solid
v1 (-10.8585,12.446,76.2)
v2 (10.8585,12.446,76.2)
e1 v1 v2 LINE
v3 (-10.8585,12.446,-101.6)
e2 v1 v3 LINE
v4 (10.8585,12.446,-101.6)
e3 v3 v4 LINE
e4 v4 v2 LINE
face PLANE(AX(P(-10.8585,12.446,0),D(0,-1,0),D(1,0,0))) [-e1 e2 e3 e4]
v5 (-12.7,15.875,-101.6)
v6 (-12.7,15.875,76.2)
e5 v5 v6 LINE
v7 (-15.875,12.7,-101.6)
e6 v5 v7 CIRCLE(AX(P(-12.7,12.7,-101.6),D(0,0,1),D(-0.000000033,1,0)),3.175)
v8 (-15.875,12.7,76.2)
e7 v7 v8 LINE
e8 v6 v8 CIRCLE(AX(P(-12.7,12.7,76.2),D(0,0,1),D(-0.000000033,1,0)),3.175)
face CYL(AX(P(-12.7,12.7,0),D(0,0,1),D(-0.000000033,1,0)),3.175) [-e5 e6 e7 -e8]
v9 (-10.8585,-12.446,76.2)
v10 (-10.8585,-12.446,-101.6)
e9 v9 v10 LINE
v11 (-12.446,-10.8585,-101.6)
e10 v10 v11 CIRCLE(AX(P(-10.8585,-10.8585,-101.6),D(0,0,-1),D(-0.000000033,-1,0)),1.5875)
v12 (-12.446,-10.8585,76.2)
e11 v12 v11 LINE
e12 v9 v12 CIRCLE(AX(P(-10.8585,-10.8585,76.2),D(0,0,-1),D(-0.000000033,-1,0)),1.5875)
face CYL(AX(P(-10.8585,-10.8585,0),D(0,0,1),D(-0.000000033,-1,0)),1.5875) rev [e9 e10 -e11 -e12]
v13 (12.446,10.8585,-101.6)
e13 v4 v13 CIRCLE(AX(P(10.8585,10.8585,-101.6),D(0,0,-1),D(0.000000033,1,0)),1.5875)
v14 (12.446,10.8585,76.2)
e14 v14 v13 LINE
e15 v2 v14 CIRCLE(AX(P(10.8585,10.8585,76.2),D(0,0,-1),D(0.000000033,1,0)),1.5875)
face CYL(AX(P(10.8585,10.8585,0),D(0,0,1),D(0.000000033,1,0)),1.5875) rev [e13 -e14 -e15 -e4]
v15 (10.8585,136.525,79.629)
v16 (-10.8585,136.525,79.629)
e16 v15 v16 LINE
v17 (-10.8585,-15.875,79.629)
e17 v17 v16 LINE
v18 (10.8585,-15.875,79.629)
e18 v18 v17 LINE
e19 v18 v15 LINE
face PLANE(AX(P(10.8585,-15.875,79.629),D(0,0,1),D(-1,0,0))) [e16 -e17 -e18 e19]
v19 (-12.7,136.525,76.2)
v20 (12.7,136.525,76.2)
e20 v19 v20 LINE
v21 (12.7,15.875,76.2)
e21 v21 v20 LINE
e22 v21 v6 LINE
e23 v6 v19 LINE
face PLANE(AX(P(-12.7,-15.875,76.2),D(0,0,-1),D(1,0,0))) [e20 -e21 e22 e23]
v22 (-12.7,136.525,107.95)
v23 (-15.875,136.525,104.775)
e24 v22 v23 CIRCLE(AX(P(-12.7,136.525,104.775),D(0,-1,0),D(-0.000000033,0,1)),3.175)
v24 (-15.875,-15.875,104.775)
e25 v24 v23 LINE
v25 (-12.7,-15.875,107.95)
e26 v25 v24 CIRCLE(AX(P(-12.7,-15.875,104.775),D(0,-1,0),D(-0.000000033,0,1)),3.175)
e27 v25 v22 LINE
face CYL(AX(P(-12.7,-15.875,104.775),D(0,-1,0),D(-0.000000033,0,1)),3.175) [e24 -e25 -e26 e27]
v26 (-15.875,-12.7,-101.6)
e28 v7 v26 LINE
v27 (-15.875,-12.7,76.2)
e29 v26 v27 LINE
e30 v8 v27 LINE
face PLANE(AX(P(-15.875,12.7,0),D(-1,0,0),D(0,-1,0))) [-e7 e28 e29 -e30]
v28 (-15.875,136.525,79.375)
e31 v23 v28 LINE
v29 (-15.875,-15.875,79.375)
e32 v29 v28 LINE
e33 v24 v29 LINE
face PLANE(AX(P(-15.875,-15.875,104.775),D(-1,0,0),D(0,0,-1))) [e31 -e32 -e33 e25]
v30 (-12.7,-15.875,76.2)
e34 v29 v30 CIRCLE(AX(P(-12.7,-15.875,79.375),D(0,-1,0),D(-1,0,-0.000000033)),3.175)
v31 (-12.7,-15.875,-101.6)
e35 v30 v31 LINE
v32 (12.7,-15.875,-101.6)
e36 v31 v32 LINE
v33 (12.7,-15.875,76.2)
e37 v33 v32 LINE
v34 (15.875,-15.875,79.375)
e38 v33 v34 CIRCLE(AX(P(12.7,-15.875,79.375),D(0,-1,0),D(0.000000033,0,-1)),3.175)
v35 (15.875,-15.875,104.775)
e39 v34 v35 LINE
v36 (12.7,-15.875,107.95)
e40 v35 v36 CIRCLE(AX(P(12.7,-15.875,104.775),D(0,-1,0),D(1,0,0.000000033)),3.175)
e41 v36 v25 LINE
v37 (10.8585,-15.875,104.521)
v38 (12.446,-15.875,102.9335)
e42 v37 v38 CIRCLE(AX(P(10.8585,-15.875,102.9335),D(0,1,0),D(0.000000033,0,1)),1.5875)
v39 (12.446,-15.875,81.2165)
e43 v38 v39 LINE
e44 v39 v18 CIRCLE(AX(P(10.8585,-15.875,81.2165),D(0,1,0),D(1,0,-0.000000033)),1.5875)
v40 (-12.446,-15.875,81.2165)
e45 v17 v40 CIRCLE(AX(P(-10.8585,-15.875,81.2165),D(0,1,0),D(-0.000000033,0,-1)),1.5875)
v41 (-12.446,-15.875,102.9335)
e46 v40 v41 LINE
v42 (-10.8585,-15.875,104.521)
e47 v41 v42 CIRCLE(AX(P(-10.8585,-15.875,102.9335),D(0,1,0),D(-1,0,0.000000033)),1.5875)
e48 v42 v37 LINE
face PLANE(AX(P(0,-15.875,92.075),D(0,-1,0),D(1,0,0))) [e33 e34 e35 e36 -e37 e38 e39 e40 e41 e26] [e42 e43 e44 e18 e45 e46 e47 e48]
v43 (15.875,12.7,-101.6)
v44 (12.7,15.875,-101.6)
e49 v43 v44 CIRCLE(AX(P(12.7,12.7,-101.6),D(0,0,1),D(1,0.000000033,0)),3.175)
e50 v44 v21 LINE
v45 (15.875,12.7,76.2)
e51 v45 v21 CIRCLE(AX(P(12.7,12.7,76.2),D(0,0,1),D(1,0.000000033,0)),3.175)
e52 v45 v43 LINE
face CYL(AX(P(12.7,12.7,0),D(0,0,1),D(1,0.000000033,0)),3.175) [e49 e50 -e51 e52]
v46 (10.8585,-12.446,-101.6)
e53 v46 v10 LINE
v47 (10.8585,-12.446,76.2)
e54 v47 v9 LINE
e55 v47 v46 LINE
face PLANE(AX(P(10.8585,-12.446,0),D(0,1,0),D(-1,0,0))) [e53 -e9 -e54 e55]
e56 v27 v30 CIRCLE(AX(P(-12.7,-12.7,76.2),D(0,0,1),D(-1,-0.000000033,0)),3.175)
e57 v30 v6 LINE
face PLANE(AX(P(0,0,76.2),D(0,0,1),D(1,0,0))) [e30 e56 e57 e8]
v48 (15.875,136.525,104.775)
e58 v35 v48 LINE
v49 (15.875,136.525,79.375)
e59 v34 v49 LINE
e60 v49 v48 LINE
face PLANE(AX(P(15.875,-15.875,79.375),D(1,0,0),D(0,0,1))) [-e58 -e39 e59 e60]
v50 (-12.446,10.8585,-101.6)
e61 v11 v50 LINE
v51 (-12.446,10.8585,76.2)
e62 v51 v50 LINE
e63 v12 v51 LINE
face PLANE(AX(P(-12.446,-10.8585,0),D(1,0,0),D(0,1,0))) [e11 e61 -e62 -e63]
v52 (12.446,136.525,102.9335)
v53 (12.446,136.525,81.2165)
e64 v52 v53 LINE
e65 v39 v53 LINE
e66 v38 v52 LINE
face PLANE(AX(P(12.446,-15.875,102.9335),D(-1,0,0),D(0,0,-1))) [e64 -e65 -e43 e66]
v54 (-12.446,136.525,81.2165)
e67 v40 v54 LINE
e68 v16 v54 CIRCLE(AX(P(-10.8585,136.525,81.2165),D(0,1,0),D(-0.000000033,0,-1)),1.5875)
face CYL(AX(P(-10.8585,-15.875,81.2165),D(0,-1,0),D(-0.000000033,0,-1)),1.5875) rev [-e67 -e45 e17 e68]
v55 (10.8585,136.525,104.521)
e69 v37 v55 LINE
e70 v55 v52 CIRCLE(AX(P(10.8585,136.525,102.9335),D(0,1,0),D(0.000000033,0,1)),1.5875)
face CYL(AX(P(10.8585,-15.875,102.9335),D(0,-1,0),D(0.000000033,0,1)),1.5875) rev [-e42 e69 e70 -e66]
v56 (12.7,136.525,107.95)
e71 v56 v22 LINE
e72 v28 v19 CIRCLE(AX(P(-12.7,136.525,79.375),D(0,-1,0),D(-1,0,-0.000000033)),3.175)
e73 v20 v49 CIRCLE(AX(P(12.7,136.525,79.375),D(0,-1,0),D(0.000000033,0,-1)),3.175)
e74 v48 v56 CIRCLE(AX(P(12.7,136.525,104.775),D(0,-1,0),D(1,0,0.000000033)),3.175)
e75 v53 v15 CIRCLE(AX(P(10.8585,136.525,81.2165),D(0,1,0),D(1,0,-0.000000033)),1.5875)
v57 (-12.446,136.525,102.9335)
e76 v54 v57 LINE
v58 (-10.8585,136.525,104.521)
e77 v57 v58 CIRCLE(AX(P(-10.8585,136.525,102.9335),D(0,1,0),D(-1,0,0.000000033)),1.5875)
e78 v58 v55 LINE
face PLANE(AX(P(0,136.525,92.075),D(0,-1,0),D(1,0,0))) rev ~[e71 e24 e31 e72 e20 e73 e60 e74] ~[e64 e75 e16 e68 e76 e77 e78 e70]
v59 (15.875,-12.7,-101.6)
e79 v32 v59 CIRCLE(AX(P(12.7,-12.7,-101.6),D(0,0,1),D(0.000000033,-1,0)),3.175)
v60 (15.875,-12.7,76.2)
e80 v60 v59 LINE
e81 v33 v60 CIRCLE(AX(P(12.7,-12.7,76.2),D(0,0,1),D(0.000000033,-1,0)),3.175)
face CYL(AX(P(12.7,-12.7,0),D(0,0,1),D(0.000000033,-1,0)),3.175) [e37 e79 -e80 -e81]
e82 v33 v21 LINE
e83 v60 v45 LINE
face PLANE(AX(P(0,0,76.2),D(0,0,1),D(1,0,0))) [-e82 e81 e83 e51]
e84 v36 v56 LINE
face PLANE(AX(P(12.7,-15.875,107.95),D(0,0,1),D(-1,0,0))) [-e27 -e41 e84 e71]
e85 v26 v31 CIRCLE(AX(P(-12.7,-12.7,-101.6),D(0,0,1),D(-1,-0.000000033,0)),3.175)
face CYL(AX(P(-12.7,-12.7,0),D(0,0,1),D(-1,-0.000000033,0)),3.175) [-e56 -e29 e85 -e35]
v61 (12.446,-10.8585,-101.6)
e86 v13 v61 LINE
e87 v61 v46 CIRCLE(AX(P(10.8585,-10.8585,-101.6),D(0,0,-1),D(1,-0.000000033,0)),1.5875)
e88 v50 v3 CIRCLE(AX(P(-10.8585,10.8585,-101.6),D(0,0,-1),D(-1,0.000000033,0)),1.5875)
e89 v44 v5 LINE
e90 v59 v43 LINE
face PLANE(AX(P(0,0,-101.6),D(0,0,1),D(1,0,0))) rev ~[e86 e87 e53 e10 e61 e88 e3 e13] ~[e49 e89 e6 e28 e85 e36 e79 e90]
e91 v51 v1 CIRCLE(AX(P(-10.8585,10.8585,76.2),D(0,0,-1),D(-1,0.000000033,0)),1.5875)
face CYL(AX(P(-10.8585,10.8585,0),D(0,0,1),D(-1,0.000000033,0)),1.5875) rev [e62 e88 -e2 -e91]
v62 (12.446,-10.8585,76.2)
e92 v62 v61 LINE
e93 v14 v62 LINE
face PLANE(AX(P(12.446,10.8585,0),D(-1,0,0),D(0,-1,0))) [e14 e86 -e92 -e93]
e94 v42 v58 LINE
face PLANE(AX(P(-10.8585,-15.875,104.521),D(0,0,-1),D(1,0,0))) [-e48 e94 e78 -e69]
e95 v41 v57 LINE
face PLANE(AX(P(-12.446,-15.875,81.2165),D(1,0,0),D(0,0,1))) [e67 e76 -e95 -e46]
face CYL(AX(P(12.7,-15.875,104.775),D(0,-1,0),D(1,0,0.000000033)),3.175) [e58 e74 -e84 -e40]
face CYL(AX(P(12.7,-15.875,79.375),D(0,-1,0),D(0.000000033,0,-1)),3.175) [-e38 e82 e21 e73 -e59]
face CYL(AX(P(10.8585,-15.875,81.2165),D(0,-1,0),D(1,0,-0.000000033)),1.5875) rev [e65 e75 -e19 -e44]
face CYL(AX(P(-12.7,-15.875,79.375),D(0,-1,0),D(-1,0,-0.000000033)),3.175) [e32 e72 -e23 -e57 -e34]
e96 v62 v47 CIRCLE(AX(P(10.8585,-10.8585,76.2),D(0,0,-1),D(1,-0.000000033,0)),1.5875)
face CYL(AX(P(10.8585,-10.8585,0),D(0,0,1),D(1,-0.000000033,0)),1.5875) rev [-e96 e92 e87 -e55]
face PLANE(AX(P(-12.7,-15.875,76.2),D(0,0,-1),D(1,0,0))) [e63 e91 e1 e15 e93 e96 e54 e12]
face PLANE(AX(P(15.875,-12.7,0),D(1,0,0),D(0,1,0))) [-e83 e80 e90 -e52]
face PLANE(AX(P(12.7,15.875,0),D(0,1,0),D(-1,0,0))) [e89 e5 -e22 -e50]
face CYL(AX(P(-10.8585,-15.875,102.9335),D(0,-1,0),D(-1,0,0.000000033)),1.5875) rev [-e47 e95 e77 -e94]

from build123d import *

# Parameters (mm, degrees)
F1_DEPTH      = 76.2
F1_DEPTH_BACK = 101.6
F3_DEPTH      = 152.4


with BuildPart() as f1:
    # F0 (on Top) → F1 (new body, two sides)
    with BuildSketch(Plane.XY) as f1_sk:
        with BuildLine():
            ThreePointArc((15.875, 12.7), (14.945064, 14.945064), (12.7, 15.875))
            Line((12.7, 15.875), (-12.7, 15.875))
            ThreePointArc((-12.7, 15.875), (-14.945064, 14.945064), (-15.875, 12.7))
            Line((-15.875, 12.7), (-15.875, -12.7))
            ThreePointArc((-15.875, -12.7), (-14.945064, -14.945064), (-12.7, -15.875))
            Line((-12.7, -15.875), (12.7, -15.875))
            ThreePointArc((12.7, -15.875), (14.945064, -14.945064), (15.875, -12.7))
            Line((15.875, -12.7), (15.875, 12.7))
        make_face()
        with BuildLine():
            ThreePointArc((10.8585, 12.446), (11.981032, 11.981032), (12.446, 10.8585))
            Line((12.446, 10.8585), (12.446, -10.8585))
            ThreePointArc((12.446, -10.8585), (11.981032, -11.981032), (10.8585, -12.446))
            Line((10.8585, -12.446), (-10.8585, -12.446))
            ThreePointArc((-10.8585, -12.446), (-11.981032, -11.981032), (-12.446, -10.8585))
            Line((-12.446, -10.8585), (-12.446, 10.8585))
            ThreePointArc((-12.446, 10.8585), (-11.981032, 11.981032), (-10.8585, 12.446))
            Line((-10.8585, 12.446), (10.8585, 12.446))
        make_face(mode=Mode.SUBTRACT)
    extrude(amount=F1_DEPTH)
    extrude(f1_sk.sketch, amount=-F1_DEPTH_BACK)

    # F2 (on face) → F3 (join)
    with BuildSketch(Plane.XZ.offset(15.875)):
        with BuildLine():
            Line((-12.7, 76.2), (12.7, 76.2))
            ThreePointArc((12.7, 76.2), (14.945064, 77.129936), (15.875, 79.375))
            Line((15.875, 79.375), (15.875, 104.775))
            ThreePointArc((15.875, 104.775), (14.945064, 107.020064), (12.7, 107.95))
            Line((12.7, 107.95), (-12.7, 107.95))
            ThreePointArc((-12.7, 107.95), (-14.945064, 107.020064), (-15.875, 104.775))
            Line((-15.875, 104.775), (-15.875, 79.375))
            ThreePointArc((-15.875, 79.375), (-14.945064, 77.129936), (-12.7, 76.2))
        make_face()
        with BuildLine():
            Line((-12.446, 81.2165), (-12.446, 102.9335))
            ThreePointArc((-12.446, 102.9335), (-11.981032, 104.056032), (-10.8585, 104.521))
            Line((-10.8585, 104.521), (10.8585, 104.521))
            ThreePointArc((10.8585, 104.521), (11.981032, 104.056032), (12.446, 102.9335))
            Line((12.446, 102.9335), (12.446, 81.2165))
            ThreePointArc((12.446, 81.2165), (11.981032, 80.093968), (10.8585, 79.629))
            Line((10.8585, 79.629), (-10.8585, 79.629))
            ThreePointArc((-10.8585, 79.629), (-11.981032, 80.093968), (-12.446, 81.2165))
        make_face(mode=Mode.SUBTRACT)
    extrude(amount=-F3_DEPTH)


solid = f1.part
